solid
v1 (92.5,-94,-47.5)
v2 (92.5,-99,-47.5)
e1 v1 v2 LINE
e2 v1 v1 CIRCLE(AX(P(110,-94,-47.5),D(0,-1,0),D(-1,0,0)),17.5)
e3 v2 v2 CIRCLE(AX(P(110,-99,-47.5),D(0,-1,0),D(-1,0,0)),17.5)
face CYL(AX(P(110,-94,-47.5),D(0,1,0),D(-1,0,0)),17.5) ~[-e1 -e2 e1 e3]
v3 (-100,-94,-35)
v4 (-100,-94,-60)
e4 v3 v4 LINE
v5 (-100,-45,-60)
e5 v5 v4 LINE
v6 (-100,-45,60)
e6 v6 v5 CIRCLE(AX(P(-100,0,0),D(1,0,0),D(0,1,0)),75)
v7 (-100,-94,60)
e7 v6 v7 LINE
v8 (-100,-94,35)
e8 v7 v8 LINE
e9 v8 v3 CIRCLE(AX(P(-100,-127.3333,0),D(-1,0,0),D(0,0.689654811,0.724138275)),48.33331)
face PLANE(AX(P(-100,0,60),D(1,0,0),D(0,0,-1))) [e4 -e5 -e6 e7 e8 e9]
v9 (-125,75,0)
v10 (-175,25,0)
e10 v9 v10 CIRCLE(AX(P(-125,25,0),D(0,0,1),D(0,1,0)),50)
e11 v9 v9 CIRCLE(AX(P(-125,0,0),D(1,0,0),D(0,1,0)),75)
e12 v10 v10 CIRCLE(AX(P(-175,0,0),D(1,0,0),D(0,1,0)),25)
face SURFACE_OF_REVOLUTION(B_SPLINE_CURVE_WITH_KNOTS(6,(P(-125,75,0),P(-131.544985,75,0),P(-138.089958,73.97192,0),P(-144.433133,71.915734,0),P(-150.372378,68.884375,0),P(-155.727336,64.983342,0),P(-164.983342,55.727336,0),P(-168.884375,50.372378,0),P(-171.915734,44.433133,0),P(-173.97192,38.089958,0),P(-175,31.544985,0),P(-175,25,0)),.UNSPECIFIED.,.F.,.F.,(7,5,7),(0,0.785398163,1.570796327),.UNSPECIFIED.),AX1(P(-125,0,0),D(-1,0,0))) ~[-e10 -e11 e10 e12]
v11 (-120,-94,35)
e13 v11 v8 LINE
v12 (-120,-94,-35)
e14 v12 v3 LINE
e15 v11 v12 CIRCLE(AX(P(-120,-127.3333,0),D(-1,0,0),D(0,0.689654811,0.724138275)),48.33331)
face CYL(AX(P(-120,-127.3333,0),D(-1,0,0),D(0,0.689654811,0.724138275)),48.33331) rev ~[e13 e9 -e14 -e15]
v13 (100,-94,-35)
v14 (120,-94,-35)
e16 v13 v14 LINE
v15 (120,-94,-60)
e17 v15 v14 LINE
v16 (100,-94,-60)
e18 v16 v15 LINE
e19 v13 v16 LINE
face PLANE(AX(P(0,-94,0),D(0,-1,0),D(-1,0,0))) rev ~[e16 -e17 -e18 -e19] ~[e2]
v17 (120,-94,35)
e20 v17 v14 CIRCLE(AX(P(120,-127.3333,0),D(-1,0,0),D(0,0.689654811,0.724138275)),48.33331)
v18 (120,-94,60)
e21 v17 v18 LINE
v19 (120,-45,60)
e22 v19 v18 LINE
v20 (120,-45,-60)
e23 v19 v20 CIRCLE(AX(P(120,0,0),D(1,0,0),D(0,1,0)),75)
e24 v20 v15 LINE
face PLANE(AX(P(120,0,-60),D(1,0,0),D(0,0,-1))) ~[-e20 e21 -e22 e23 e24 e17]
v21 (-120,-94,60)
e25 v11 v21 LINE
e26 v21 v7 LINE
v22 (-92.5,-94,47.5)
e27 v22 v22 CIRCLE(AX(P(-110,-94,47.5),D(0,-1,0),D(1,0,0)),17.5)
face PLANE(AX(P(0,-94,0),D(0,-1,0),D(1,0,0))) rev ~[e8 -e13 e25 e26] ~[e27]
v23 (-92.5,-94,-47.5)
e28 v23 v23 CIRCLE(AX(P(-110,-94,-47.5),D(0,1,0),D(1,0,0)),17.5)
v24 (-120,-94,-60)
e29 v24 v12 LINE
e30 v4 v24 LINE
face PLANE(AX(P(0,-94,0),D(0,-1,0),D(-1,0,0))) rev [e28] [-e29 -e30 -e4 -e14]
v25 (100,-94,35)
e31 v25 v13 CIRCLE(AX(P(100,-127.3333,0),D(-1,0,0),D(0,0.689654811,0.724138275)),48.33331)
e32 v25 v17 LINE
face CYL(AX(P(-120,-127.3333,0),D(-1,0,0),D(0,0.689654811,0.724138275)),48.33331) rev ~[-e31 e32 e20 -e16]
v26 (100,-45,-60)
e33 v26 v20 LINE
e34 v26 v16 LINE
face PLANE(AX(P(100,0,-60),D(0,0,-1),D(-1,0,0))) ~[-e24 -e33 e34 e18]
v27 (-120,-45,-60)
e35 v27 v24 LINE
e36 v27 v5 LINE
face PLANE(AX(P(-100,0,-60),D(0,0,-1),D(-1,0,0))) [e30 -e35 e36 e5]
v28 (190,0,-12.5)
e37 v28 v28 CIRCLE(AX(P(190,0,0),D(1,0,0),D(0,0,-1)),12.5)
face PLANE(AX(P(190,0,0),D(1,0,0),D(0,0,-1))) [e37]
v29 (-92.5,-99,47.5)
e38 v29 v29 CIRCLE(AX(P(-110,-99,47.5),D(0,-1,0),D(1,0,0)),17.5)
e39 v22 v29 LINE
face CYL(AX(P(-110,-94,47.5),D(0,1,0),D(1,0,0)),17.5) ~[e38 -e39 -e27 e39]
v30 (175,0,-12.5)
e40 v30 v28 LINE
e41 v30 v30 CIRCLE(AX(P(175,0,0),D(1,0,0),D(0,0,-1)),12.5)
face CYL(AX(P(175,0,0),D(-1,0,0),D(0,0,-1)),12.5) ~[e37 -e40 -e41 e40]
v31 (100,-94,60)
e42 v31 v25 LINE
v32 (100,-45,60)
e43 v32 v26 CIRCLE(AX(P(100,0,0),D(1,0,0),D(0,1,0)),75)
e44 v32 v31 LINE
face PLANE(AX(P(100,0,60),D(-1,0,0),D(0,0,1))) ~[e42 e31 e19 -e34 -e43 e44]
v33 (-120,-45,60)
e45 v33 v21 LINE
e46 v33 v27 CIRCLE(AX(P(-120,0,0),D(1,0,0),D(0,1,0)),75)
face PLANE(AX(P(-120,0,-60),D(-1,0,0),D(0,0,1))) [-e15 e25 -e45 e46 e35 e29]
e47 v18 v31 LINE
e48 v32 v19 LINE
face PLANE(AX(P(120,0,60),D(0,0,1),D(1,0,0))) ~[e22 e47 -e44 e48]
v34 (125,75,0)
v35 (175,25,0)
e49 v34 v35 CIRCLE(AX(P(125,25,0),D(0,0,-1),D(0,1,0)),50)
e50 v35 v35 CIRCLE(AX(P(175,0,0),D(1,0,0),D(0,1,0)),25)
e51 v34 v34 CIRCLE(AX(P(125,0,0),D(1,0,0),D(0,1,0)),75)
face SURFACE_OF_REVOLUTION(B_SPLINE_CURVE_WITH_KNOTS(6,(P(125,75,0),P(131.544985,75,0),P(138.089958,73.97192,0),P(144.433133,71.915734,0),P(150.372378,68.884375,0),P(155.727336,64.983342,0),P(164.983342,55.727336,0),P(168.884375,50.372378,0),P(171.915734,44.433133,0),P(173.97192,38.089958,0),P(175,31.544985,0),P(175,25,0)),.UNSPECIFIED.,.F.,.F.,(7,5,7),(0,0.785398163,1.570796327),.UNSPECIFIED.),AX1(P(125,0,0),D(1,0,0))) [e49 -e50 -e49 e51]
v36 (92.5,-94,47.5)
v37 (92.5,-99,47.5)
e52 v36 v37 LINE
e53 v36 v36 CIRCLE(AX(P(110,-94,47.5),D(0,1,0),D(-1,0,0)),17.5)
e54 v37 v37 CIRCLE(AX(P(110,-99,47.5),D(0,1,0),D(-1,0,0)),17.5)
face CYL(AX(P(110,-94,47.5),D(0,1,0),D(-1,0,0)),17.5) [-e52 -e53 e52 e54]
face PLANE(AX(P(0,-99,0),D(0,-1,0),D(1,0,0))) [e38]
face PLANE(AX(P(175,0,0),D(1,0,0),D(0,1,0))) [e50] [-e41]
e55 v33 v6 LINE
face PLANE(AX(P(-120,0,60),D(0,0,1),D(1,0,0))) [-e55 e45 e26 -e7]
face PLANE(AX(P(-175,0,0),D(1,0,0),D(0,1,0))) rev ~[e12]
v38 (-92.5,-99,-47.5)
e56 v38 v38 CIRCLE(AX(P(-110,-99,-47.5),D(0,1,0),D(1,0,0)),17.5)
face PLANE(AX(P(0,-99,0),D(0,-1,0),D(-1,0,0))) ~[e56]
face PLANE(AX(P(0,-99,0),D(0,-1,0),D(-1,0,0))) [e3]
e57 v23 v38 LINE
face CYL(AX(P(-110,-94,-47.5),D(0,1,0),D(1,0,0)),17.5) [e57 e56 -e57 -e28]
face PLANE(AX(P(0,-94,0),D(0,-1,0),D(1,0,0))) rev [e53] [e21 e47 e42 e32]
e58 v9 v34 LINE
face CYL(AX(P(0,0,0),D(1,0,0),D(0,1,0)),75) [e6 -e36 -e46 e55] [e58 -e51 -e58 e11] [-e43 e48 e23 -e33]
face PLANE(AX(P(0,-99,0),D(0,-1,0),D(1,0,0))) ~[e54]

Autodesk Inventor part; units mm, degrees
ref_plane "YZ Plane" through (0, 0, 0) normal (1, 0, 0) x (0, 1, 0)
ref_plane "XZ Plane" through (0, 0, 0) normal (0, 1, 0) x (-1, 0, 0)
ref_plane "XY Plane" through (0, 0, 0) normal (0, 0, 1) x (1, 0, 0)
sketch "Sketch2" plane through (0, 0, 0) normal (1, 0, 0) x (0, 1, 0)
  circle A0 centre (0, 0) radius 75
  dimension "d2" = 150
extrude "Extrusion1" add sketch "Sketch2" along normal mid plane 350
fillet "Fillet1" radius 50 2 edges at (-175, -75, 0) (175, -75, 0)
sketch "Sketch3" plane through (175, 0, 0) normal (1, 0, 0) x (0, 0, -1)
  circle A0 centre (0, 0) radius 12.5
  dimension "d6" = 25
extrude "Extrusion2" add sketch "Sketch3" along normal blind 15
sketch "Sketch4" plane through (0, 0, 0) normal (0, 1, 0) x (-1, 0, 0)
  line L0 (120, 60) -> (100, 60)
  line L1 (100, 60) -> (100, -60)
  line L2 (100, -60) -> (120, -60)
  line L3 (120, -60) -> (120, 60)
  line L4 (120, 60) -> (100, -60) construction
  line L5 (100, 60) -> (120, -60) construction
  point P0 (0, 0)
  point P1 (110, 0)
  dimension "d9" = 20
  dimension "d10" = 120
extrude "Extrusion3" add sketch "Sketch4" against normal blind 94
mirror "Mirror1" about plane through (0, 0, 0) normal (1, 0, 0) of "Extrusion3"
sketch "Sketch5" plane through (-120, -94, -60) normal (-1, 0, 0) x (0, 0, 1)
  line L0 (0, 0) -> (120, 0) projected
  line L1 (0, 0) -> (25, 0)
  line L2 (25, 0) -> (25, 15)
  line L3 (25, 15) -> (0, 15)
  line L4 (0, 15) -> (0, 0)
  line L5 (95, 15) -> (120, 15)
  line L6 (120, 15) -> (120, 0)
  line L7 (120, 0) -> (95, 0)
  line L8 (95, 0) -> (95, 15)
  arc A0 (95, 0) -> (25, 0) centre (60, -33.3333) ccw
  line L9 (25, 0) -> (95, 0)
  point P0 (60, 94)
  dimension "d13" = 25
  dimension "d14" = 15
  dimension "d15" = 25
extrude "Extrusion4" cut sketch "Sketch5" against normal up to surface (240 mm away) contours A0 L0
sketch "Sketch7" plane through (0, -94, 0) normal (0, -1, 0) x (1, 0, 0)
  line L0 (-120, 35) -> (-100, 35) projected
  line L1 (-100, 35) -> (-100, 60) projected
  line L2 (-100, 60) -> (-120, 60) projected
  line L3 (-120, 60) -> (-120, 35) projected
  circle A0 centre (-110, 47.5) radius 17.5
  point P0 (0, 0)
  dimension "d18" = 35
extrude "Extrusion5" add sketch "Sketch7" along normal blind 5 contours L3 L2 L1 L0 | A0
mirror "Mirror2" about plane through (0, 0, 0) normal (0, 0, 1) of "Extrusion5"
mirror "Mirror3" about plane through (0, 0, 0) normal (1, 0, 0) of "Extrusion5", "Mirror2"
equation "\"d15\" = d13"
equation "\"BendRadius\" = Thickness"
equation "\"BendReliefWidth\" = Thickness"
equation "\"BendReliefDepth\" = 0.5 * Thickness"
equation "\"CornerReliefSize\" = 4 * Thickness"
equation "\"MinimumRemnant\" = 2 * Thickness"
equation "\"TransitionRadius\" = BendRadius"
equation "\"JacobiRadiusSize\" = BendRadius"
equation "\"GapSize\" = Thickness"
equation "\"Thickness\" = 3.048"
